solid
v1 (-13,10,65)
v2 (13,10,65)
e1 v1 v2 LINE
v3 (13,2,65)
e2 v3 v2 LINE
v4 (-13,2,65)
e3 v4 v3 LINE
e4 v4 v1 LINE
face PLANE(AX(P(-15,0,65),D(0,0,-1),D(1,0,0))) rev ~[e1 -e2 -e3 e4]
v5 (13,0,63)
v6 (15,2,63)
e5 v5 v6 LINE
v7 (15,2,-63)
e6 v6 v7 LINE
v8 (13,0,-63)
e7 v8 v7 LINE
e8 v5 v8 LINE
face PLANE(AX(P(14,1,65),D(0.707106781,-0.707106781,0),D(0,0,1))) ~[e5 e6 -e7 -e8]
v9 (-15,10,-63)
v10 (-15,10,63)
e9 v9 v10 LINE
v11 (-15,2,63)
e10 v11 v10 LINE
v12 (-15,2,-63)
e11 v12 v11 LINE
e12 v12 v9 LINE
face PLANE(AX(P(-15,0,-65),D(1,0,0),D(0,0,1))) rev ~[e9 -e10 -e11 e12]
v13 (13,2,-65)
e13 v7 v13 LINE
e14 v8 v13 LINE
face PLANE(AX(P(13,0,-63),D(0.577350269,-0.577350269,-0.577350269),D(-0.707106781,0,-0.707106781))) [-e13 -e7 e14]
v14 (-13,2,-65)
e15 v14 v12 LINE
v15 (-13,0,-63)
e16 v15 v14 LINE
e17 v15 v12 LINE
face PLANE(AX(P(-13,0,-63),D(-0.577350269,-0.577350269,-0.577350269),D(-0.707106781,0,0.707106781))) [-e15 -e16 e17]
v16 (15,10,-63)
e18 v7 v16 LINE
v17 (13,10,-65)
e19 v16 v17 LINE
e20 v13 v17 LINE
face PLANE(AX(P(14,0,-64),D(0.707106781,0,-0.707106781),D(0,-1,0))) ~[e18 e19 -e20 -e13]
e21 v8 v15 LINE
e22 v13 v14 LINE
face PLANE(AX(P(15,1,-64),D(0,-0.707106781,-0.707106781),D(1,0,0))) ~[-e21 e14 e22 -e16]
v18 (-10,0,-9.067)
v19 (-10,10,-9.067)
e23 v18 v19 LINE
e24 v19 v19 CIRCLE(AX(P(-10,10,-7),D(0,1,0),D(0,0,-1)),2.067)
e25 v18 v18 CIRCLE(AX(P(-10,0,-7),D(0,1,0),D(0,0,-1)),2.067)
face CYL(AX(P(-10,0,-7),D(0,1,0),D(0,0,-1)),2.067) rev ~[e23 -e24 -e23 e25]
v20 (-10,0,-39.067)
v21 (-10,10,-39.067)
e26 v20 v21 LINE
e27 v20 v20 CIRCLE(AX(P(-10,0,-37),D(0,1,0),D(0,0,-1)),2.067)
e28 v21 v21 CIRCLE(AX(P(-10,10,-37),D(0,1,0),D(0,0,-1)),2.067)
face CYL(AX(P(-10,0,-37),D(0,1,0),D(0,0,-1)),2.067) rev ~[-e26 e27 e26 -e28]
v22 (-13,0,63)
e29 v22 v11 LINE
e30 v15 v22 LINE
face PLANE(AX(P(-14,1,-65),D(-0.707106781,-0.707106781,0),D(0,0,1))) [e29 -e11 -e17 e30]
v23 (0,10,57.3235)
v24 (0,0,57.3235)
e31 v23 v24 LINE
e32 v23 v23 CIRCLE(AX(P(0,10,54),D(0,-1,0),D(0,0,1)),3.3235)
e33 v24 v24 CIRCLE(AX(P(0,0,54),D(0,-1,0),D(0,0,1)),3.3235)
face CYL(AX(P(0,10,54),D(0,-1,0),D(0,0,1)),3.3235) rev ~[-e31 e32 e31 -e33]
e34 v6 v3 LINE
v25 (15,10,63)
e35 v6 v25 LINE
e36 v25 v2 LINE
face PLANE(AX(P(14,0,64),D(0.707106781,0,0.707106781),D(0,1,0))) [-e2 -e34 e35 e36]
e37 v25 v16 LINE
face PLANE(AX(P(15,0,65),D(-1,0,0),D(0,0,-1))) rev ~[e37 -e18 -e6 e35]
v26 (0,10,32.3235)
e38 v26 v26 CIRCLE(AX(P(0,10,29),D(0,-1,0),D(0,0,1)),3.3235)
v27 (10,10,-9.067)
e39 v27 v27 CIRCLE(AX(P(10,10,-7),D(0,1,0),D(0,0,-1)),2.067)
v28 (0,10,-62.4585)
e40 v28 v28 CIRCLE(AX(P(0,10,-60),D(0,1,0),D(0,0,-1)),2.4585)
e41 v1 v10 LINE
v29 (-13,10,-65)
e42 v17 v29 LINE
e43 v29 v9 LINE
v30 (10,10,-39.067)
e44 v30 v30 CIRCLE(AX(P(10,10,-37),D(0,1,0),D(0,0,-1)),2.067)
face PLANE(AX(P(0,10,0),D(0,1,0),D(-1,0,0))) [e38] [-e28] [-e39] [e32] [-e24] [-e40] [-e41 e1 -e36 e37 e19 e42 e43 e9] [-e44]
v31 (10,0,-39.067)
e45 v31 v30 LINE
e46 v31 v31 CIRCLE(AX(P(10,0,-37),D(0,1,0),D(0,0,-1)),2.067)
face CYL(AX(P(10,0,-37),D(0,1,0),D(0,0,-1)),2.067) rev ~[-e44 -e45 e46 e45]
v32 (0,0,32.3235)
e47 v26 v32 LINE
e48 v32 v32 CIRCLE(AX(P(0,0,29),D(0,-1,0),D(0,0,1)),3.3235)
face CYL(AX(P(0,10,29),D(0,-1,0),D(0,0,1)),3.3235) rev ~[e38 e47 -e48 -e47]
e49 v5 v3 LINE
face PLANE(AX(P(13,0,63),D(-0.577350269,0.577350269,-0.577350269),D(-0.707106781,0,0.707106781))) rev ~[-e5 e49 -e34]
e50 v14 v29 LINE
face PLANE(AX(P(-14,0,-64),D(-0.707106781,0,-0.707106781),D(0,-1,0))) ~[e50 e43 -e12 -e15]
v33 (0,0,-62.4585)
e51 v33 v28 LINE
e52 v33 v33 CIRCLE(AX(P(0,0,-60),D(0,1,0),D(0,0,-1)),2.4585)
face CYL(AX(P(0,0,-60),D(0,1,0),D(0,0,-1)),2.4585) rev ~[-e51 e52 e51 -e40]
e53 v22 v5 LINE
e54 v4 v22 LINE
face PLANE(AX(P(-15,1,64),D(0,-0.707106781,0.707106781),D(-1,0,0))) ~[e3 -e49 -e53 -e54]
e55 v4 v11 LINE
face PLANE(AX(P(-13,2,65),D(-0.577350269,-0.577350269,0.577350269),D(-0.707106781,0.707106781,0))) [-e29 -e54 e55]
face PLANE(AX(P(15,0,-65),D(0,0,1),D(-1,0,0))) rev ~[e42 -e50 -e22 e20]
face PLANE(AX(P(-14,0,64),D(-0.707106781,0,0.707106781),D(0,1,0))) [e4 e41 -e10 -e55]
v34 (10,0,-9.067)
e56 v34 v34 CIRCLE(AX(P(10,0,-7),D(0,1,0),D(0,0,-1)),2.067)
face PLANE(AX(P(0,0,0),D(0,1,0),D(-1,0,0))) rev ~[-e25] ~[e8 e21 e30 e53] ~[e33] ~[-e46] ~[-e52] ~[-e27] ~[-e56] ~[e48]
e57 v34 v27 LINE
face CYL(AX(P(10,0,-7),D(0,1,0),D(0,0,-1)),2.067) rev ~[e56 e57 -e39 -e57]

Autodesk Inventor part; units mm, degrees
ref_plane "YZ Plane" through (0, 0, 0) normal (1, 0, 0) x (0, 1, 0)
ref_plane "XZ Plane" through (0, 0, 0) normal (0, 1, 0) x (-1, 0, 0)
ref_plane "XY Plane" through (0, 0, 0) normal (0, 0, 1) x (1, 0, 0)
sketch "Sketch1" plane through (0, 0, 0) normal (0, 1, 0) x (-1, 0, 0)
  line L0 (-15, -65) -> (15, -65)
  line L1 (15, -65) -> (15, 65)
  line L2 (15, 65) -> (-15, 65)
  line L3 (-15, 65) -> (-15, -65)
  line L4 (-15, -65) -> (15, 65) construction
  line L5 (15, -65) -> (-15, 65) construction
  point P0 (0, 0)
  dimension "d0" = 30
  dimension "d1" = 130
extrude "Extrusion1" add sketch "Sketch1" along normal blind 10
sketch "Sketch2" plane through (0, 10, 0) normal (0, 1, 0) x (1, 0, 0)
  line L0 (15, 65) -> (-15, 65) projected
  point P0 (0, 0)
  point P1 (0, -29)
  point P2 (0, -54)
  dimension "d4" = 94
  dimension "d5" = 25
hole "Hole1" at (0, 10, 29) at (0, 10, 54) direction (0, -1, 0) diameter 6.647 depth 22.2 tip angle 118 thread size "M8x1.25" class "6H" standard "ISO Metric profile"
sketch "Sketch3" plane through (0, 0, 0) normal (0, -1, 0) x (1, 0, 0)
  line L0 (15, -65) -> (-15, -65) projected
  line L1 (-15, -65) -> (-15, 65) projected
  point P0 (0, 0)
  point P1 (0, -60)
  dimension "d13" = 5
  dimension "d14" = 15
hole "Hole2" at (0, 0, -60) direction (0, 1, 0) diameter 4.917 end through all thread size "M6x1" class "6H" standard "ISO Metric profile"
sketch "Sketch4" plane through (0, 0, 0) normal (0, -1, 0) x (1, 0, 0)
  line L0 (10, -37) -> (-10, -37) construction
  line L1 (-10, -37) -> (-10, -7) construction
  line L2 (-10, -7) -> (10, -7) construction
  line L3 (10, -7) -> (10, -37) construction
  line L4 (15, -65) -> (-15, -65) construction
  line L5 (15, 65) -> (15, -65) construction
  point P0 (0, 0)
  dimension "d22" = 20
  dimension "d23" = 30
  dimension "d24" = 28
  dimension "d25" = 5
hole "Hole3" at (10, 0, -37) at (-10, 0, -37) at (-10, 0, -7) at (10, 0, -7) direction (0, 1, 0) diameter 4.134 end through all thread size "M5x0.8" class "6H" standard "ISO Metric profile"
chamfer "Chamfer1" distance 2 angle 45 8 edges at (15, 5, -65) (-15, 5, -65) (15, 5, 65) (15, 0, 0) (0, 0, -65) (-15, 0, 0) (0, 0, 65) (-15, 5, 65)
properties part number "Horizontal_support" material "Stainless Steel"
